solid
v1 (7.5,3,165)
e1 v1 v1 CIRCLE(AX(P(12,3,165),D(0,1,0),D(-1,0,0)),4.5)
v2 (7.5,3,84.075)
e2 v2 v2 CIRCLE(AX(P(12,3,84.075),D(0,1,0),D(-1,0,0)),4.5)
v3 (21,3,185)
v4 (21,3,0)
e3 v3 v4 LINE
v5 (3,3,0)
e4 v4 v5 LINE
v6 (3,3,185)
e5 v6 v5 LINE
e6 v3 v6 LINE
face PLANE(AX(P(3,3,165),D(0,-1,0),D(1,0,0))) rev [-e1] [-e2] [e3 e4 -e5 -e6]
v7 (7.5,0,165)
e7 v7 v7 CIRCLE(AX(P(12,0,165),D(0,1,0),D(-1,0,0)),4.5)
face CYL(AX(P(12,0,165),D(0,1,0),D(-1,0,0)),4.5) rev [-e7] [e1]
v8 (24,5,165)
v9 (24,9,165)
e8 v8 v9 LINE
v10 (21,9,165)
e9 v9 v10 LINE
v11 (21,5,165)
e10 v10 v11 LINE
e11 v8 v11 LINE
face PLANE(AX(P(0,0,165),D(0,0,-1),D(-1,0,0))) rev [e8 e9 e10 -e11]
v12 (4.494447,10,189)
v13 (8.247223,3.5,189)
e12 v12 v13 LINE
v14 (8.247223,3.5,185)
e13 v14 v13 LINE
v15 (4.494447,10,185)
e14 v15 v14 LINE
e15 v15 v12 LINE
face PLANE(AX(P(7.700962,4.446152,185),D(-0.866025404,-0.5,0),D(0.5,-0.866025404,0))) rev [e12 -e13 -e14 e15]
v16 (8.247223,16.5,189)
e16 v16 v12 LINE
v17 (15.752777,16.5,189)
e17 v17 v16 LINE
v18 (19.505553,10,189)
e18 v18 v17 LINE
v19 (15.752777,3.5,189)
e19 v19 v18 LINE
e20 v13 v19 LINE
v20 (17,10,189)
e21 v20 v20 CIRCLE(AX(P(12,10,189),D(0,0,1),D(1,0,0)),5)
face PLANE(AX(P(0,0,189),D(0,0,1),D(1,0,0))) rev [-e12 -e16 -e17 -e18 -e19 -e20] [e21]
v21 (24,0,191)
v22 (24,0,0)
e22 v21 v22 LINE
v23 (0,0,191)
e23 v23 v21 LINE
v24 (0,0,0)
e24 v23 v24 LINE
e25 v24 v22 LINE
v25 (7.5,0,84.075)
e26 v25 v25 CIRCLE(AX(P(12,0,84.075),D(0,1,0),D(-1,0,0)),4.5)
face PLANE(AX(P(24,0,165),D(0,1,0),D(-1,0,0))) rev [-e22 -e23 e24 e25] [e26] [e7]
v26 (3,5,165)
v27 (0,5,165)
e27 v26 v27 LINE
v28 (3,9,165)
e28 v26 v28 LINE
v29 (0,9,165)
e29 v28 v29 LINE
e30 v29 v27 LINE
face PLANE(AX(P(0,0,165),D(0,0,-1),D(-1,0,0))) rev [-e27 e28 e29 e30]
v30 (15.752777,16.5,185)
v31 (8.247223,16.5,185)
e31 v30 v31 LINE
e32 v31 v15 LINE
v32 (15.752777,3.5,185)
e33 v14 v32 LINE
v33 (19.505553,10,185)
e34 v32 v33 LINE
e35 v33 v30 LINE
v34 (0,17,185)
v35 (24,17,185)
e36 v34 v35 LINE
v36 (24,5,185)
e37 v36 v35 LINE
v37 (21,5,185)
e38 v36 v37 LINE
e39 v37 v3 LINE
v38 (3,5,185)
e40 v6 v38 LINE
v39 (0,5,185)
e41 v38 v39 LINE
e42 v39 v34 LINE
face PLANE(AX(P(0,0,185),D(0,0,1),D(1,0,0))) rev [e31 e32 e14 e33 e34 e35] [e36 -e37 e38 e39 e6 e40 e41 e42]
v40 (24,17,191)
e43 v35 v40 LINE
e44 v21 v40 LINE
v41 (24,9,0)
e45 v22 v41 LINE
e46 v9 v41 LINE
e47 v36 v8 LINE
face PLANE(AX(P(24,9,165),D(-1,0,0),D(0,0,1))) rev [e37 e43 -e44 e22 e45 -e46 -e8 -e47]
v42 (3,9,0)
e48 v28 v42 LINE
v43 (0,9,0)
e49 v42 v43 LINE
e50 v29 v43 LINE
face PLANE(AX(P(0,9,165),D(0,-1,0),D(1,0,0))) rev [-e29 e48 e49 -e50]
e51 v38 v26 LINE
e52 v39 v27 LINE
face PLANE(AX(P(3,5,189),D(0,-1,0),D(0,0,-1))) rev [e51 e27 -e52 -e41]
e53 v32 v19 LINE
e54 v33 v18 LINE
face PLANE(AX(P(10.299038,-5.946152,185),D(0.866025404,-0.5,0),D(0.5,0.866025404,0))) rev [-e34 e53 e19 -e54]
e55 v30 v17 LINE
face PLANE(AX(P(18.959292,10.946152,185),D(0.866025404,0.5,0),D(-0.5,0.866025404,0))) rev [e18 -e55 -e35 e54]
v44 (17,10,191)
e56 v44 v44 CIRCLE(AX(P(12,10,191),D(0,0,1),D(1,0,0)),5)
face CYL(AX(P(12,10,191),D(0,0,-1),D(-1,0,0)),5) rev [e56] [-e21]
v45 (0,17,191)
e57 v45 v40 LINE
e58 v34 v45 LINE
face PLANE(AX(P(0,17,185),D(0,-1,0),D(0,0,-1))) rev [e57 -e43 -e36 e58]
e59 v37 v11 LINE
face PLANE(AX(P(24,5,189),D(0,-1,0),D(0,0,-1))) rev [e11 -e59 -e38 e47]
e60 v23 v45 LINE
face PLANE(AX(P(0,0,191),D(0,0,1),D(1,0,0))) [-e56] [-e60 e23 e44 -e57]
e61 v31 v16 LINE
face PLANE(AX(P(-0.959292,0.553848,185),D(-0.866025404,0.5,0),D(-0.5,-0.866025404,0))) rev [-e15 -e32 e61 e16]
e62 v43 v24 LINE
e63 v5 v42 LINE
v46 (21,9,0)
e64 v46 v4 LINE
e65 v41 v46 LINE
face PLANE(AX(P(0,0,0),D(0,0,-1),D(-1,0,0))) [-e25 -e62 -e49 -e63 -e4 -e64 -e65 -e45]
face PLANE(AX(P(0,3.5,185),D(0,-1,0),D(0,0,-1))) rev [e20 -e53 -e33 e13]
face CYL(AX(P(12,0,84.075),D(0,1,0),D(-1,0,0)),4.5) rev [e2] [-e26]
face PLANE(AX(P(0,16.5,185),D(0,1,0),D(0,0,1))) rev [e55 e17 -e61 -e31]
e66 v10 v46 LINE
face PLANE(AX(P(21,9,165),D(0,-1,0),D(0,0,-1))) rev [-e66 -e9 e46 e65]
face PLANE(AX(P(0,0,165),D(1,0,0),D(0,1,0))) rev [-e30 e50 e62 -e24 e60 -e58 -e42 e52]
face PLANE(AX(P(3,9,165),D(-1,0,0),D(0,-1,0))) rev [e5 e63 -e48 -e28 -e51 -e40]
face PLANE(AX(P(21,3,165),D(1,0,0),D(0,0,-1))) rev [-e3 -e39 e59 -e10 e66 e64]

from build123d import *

# Parameters (mm, degrees)
BOSS_EXTRUDE1_DEPTH = 165
BOSS_EXTRUDE2_DEPTH = 24
BOSS_EXTRUDE3_DEPTH = 4
SKETCH3_3_W         = 24
SKETCH3_3_H         = 17
SKETCH3_3_R         = 5
BOSS_EXTRUDE4_DEPTH = 2
SKETCH4_R           = 4.5
CUT_EXTRUDE1_DEPTH  = 194.010362416


with BuildPart() as part:
    # Sketch1 → Boss-Extrude1 (new body)
    with BuildSketch(Plane.XY):
        Polygon((0, 0), (0, 9), (3, 9), (3, 3), (21, 3), (21, 9), (24, 9), (24, 0), align=None)
    extrude(amount=BOSS_EXTRUDE1_DEPTH)

    # Sketch2 → Boss-Extrude2 (add)
    with BuildSketch(Plane.XY.offset(165)):
        Polygon((0, 0), (24, 0), (24, 5), (21, 5), (21, 3), (3, 3), (3, 5), (0, 5), align=None)
    extrude(amount=BOSS_EXTRUDE2_DEPTH)

    # Sketch3 → Boss-Extrude3 (add)
    with BuildSketch(Plane.XY.offset(189)):
        Polygon((0, 17), (0, 5), (3, 5), (3, 3), (21, 3), (21, 5), (24, 5), (24, 17), align=None)
        Polygon((8.24722325, 16.5), (15.75277675, 16.5), (19.505553499, 10), (15.75277675, 3.5), (8.24722325, 3.5), (4.494446501, 10), align=None, mode=Mode.SUBTRACT)
    extrude(amount=-BOSS_EXTRUDE3_DEPTH)

    # Sketch3<3> → Boss-Extrude4 (add)
    with BuildSketch(Plane.XY.offset(189)):
        with Locations((12, 8.5)):
            Rectangle(SKETCH3_3_W, SKETCH3_3_H)
        with Locations((12, 10)):
            Circle(SKETCH3_3_R, mode=Mode.SUBTRACT)
    extrude(amount=BOSS_EXTRUDE4_DEPTH)

    # Sketch4 → Cut-Extrude1 (cut, through all)
    with BuildSketch(Plane(origin=(0, 3, 0), x_dir=(1, 0, 0), z_dir=(0, 1, 0))):
        with Locations((12, -165)):
            Circle(SKETCH4_R)
        with Locations((12, -84.075)):
            Circle(SKETCH4_R)
    extrude(amount=-CUT_EXTRUDE1_DEPTH, mode=Mode.SUBTRACT)


solid = part.part
